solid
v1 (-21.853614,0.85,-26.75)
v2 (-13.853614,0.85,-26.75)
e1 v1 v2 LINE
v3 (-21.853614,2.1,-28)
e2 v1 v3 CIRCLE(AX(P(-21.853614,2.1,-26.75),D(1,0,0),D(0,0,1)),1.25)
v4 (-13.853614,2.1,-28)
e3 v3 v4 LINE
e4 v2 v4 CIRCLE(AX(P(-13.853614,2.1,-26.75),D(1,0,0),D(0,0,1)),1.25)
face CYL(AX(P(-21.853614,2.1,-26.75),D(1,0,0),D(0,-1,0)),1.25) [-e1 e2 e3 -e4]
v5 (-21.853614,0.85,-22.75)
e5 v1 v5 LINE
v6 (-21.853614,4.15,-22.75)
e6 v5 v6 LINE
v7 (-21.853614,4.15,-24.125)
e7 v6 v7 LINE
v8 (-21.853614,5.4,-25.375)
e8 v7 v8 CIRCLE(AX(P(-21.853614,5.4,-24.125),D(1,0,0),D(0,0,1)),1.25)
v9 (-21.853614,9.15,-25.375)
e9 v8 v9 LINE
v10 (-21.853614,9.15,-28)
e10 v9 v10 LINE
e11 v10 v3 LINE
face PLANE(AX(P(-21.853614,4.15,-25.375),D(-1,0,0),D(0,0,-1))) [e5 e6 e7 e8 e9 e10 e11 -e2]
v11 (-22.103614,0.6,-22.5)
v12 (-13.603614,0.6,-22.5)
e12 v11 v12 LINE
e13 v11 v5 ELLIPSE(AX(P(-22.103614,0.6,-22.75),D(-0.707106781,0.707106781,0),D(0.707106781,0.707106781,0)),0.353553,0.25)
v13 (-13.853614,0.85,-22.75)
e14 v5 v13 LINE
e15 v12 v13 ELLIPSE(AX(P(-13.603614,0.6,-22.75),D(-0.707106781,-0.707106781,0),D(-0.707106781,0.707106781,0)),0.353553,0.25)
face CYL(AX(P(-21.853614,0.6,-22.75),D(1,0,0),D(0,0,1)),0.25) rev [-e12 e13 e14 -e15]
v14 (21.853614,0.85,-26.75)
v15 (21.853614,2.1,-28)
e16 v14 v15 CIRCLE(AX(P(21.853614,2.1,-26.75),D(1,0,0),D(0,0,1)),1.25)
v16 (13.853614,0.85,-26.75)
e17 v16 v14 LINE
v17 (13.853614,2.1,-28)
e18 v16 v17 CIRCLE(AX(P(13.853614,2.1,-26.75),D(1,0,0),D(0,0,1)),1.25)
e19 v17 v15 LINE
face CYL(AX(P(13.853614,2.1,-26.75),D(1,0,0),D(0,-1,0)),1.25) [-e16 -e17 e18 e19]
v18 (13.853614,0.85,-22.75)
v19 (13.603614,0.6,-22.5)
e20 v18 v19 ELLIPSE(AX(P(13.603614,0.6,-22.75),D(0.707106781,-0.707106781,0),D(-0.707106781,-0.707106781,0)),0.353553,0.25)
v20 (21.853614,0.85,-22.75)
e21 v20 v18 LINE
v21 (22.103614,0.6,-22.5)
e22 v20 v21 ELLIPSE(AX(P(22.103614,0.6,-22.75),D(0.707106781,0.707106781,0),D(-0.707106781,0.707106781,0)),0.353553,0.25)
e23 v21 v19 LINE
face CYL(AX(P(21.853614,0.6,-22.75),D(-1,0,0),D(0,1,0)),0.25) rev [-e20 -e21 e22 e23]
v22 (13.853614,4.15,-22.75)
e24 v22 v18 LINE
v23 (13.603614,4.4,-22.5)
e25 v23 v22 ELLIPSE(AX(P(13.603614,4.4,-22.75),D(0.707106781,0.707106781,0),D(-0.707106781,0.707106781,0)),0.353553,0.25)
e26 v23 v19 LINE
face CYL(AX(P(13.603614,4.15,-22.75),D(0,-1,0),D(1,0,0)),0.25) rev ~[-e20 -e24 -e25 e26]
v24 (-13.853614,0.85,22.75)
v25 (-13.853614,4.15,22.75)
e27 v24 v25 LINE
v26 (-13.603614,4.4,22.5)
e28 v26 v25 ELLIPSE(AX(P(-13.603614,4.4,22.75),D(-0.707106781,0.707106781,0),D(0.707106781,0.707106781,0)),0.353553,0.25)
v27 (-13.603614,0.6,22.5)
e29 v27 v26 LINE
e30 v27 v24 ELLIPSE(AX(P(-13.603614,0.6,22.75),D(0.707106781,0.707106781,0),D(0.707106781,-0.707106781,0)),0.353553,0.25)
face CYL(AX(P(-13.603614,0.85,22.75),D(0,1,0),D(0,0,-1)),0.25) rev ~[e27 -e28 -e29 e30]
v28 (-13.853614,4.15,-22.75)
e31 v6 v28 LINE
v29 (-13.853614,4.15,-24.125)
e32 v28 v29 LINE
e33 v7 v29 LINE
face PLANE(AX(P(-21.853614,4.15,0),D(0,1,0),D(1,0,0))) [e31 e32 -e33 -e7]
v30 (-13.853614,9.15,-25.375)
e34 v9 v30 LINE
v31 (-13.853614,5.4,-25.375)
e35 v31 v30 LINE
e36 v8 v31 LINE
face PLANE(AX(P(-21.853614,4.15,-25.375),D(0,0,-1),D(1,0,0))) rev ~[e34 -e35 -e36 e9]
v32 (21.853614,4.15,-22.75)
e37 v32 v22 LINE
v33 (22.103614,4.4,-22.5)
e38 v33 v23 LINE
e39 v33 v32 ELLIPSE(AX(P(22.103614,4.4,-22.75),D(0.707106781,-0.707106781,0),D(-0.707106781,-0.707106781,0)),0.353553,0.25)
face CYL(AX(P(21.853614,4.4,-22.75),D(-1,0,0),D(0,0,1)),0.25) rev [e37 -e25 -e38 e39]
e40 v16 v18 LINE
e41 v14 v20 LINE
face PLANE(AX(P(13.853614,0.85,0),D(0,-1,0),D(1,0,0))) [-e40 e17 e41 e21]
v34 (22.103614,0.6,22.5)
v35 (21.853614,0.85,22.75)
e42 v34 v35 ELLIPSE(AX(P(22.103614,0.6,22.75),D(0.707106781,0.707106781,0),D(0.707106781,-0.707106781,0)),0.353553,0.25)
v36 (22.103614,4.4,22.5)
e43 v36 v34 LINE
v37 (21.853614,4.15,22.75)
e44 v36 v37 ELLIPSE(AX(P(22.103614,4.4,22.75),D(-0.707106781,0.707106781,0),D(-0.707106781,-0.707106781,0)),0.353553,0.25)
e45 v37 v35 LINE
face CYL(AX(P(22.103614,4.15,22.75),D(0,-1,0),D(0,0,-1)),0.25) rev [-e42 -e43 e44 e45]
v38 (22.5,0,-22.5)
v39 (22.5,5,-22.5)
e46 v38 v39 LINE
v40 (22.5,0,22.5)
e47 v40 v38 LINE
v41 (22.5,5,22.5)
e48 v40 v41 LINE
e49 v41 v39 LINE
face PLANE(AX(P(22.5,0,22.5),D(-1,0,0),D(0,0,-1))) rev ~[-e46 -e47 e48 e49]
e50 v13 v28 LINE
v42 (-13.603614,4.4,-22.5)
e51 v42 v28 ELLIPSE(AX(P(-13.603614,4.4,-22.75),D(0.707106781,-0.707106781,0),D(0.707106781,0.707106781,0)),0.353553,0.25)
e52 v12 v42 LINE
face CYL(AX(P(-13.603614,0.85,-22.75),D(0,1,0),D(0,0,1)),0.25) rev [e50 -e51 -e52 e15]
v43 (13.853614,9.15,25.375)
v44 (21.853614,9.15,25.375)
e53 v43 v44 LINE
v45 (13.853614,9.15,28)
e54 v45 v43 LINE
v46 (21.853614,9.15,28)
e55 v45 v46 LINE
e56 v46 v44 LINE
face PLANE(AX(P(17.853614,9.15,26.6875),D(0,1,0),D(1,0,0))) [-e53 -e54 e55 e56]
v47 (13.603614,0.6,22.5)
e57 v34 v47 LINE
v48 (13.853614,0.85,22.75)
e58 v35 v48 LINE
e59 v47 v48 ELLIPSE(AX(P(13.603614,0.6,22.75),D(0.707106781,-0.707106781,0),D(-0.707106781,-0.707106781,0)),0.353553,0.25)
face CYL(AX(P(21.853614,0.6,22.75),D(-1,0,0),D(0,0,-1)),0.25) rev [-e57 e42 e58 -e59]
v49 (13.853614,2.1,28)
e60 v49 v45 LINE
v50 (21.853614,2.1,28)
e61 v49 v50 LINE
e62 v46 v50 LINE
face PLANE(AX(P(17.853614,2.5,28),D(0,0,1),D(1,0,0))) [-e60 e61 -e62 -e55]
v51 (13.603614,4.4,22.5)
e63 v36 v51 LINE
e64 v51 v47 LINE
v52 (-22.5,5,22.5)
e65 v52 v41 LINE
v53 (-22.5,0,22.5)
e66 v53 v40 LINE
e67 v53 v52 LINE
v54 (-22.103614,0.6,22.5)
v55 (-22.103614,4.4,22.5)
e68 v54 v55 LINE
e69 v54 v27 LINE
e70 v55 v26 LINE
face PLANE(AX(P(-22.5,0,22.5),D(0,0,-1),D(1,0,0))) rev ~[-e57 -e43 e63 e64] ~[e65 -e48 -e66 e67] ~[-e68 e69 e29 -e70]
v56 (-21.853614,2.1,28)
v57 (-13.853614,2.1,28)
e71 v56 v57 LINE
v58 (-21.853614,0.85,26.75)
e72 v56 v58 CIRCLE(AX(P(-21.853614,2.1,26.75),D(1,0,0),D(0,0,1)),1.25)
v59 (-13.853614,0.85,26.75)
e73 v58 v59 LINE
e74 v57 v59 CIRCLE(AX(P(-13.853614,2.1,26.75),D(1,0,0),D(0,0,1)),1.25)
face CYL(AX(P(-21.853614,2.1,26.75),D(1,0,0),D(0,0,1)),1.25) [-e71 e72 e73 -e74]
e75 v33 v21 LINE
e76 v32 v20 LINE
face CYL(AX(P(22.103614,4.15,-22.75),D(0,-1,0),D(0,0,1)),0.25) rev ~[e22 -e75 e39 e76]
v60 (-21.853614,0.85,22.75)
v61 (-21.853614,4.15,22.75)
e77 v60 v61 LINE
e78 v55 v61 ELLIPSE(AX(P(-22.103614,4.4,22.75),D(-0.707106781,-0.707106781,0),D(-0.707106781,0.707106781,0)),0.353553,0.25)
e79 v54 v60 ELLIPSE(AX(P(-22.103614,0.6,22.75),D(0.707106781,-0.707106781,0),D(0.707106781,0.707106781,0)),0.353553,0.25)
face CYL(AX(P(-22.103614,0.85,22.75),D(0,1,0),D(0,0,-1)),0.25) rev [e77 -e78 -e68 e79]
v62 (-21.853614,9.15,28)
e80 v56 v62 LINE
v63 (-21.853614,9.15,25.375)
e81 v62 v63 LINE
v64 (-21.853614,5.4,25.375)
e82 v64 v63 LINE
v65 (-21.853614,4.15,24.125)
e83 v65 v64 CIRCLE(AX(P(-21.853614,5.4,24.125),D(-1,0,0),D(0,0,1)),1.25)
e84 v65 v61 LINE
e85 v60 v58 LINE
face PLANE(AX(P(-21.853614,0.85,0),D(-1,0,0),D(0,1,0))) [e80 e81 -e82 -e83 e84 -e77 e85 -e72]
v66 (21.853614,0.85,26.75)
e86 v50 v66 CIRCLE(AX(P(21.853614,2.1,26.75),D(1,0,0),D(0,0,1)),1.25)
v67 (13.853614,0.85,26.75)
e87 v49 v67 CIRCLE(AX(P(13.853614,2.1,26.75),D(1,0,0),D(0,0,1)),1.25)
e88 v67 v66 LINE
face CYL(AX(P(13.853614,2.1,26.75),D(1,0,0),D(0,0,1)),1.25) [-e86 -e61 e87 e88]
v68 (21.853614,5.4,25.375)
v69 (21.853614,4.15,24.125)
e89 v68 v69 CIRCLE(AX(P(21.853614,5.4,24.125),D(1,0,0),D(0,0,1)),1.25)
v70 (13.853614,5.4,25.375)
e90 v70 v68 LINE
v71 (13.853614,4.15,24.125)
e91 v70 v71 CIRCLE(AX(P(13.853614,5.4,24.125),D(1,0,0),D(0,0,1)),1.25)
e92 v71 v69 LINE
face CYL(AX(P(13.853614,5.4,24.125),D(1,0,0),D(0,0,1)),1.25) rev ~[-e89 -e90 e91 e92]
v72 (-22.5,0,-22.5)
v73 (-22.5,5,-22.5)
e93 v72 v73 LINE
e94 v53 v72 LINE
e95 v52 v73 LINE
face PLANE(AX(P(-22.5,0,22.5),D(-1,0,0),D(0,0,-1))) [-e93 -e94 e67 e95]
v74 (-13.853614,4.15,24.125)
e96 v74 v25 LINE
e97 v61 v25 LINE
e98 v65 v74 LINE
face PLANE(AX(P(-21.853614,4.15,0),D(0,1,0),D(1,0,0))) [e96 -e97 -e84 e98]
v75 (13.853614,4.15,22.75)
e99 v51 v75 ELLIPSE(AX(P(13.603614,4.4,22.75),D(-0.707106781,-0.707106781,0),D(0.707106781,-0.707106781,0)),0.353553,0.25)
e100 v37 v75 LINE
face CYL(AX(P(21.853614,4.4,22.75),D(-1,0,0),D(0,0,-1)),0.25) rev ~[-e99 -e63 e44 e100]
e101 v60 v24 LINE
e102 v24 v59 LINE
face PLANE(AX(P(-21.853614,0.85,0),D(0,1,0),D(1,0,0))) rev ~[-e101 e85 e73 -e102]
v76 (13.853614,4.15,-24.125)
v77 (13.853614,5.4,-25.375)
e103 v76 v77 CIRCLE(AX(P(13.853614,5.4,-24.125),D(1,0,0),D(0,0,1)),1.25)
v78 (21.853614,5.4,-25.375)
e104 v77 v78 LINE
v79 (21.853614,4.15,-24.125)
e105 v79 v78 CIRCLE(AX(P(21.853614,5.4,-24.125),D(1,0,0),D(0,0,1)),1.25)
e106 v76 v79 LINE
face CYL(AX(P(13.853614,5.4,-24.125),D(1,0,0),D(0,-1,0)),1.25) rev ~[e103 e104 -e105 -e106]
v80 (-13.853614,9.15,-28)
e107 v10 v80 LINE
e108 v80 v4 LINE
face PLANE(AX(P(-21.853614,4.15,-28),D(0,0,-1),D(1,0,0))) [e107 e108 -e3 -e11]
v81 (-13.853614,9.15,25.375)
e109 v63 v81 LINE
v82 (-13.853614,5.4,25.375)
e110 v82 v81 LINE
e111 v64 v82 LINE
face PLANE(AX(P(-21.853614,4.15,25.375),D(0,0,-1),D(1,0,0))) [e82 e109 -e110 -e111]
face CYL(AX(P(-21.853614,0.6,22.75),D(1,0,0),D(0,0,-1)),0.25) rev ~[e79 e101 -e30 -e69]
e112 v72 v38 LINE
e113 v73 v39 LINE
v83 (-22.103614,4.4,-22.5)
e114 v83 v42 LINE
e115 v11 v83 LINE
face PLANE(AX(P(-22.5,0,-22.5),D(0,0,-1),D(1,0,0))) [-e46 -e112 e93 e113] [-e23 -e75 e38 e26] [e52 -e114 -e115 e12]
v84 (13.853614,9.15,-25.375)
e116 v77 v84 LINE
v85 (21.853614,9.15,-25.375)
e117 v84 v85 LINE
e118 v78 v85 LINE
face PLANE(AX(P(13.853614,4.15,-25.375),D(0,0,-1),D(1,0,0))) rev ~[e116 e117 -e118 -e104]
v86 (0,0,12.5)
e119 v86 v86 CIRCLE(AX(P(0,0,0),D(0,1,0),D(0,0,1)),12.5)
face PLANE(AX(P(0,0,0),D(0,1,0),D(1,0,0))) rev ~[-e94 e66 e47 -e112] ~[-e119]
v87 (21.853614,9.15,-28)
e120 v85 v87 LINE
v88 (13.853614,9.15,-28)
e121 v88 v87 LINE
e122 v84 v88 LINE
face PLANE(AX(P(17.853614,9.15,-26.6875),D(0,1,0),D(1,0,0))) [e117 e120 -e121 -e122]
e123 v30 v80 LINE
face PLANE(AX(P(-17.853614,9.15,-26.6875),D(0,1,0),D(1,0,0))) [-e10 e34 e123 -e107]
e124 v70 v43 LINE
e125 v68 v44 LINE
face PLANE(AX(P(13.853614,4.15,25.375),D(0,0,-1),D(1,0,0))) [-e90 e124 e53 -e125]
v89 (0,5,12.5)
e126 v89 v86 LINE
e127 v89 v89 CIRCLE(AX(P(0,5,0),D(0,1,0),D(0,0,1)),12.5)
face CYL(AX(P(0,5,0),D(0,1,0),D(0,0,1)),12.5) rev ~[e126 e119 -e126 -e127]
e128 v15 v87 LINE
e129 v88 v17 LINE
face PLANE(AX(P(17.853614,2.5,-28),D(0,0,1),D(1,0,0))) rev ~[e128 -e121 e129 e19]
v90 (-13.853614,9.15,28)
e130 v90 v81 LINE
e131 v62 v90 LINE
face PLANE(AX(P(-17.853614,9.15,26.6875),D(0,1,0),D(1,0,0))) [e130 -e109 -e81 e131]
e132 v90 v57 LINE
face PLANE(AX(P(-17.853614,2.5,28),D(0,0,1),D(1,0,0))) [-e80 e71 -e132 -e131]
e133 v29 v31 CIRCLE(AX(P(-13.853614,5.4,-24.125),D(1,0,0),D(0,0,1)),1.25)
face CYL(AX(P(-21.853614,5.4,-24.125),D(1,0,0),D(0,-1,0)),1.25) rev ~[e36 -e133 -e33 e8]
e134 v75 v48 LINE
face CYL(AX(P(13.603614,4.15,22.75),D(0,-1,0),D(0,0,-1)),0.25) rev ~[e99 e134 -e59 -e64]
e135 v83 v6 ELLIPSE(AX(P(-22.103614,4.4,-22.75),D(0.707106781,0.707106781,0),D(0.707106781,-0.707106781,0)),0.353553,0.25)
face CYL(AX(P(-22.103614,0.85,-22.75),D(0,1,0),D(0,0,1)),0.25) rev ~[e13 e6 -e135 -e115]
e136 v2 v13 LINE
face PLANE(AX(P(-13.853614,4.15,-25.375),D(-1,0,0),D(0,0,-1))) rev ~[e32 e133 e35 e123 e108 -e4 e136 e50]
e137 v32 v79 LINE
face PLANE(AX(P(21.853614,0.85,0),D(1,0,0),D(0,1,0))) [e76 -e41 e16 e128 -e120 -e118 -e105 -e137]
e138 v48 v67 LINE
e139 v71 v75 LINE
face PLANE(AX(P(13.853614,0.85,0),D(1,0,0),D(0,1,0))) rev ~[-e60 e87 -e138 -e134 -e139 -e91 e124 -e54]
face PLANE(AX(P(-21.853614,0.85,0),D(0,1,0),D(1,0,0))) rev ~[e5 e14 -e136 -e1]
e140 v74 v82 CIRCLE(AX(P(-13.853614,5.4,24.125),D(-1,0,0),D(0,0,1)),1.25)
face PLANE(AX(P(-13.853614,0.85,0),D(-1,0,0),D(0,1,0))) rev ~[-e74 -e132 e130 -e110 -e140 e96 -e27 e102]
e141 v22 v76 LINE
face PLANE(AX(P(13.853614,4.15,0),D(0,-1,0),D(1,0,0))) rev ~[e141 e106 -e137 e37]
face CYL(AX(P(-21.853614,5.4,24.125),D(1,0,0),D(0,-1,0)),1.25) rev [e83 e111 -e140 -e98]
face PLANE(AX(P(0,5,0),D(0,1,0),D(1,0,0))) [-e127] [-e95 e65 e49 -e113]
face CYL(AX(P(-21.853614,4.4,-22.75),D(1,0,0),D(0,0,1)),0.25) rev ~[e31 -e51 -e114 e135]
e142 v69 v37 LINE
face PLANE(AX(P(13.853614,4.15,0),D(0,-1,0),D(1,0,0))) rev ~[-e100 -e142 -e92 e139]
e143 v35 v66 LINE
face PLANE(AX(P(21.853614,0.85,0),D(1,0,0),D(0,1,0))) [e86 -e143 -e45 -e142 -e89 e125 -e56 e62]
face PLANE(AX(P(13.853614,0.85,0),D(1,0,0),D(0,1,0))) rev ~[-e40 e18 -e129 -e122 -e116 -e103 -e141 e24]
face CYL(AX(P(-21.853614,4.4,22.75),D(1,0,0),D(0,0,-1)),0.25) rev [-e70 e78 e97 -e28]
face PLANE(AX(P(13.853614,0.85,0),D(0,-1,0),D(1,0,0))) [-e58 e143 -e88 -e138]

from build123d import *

# Parameters (mm, degrees)
SKETCH2_W           = 45
SKETCH2_H           = 45
BOSS_EXTRUDE1_DEPTH = 5
SKETCH3_W           = 8
SKETCH3_H           = 3.3
BOSS_EXTRUDE2_DEPTH = 28
FILLET1_R           = 0.25
SKETCH4_W           = 8
SKETCH4_H           = 2.625
BOSS_EXTRUDE3_DEPTH = 5
FILLET2_R           = 1.25
SKETCH6_R           = 12.5
CUT_EXTRUDE1_DEPTH  = 19


with BuildPart() as part:
    # Sketch2 → Boss-Extrude1 (new body)
    with BuildSketch(Plane(origin=(0, 0, 0), x_dir=(1, 0, 0), z_dir=(0, 1, 0))):
        Rectangle(SKETCH2_W, SKETCH2_H)
    extrude(amount=BOSS_EXTRUDE1_DEPTH)

    # Sketch3 → Boss-Extrude2 (add, symmetric)
    with BuildSketch(Plane.XY):
        with Locations((-17.853613933, 2.5)):
            Rectangle(SKETCH3_W, SKETCH3_H)
        with Locations((17.853613933, 2.5)):
            Rectangle(SKETCH3_W, SKETCH3_H)
    extrude(amount=BOSS_EXTRUDE2_DEPTH, both=True)

    # Fillet1
    fillet1_edges = [part.edges().sort_by_distance(p)[0] for p in [
        (21.853613933, 2.5, 22.5),
        (17.853613933, 0.85, 22.5),
        (13.853613933, 2.5, 22.5),
        (17.853613933, 4.15, 22.5),
        (-17.853613933, 0.85, 22.5),
        (-21.853613933, 2.5, 22.5),
        (-17.853613933, 4.15, 22.5),
        (-13.853613933, 2.5, 22.5),
        (-13.853613933, 2.5, -22.5),
        (-17.853613933, 4.15, -22.5),
        (-21.853613933, 2.5, -22.5),
        (-17.853613933, 0.85, -22.5),
        (17.853613933, 4.15, -22.5),
        (13.853613933, 2.5, -22.5),
        (17.853613933, 0.85, -22.5),
        (21.853613933, 2.5, -22.5),
    ]]
    fillet(fillet1_edges, radius=FILLET1_R)

    # Sketch4 → Boss-Extrude3 (add)
    with BuildSketch(Plane(origin=(0, 4.15, 0), x_dir=(1, 0, 0), z_dir=(0, 1, 0))):
        with Locations((-17.853613933, 26.6875)):
            Rectangle(SKETCH4_W, SKETCH4_H)
        with Locations((17.853613933, 26.6875)):
            Rectangle(SKETCH4_W, SKETCH4_H)
        with Locations((17.853613933, -26.6875)):
            Rectangle(SKETCH4_W, SKETCH4_H)
        with Locations((-17.853613933, -26.6875)):
            Rectangle(SKETCH4_W, SKETCH4_H)
    extrude(amount=BOSS_EXTRUDE3_DEPTH)

    # Fillet2
    fillet2_edges = [part.edges().sort_by_distance(p)[0] for p in [
        (-17.853613933, 4.15, 25.375),
        (17.853613933, 4.15, 25.375),
        (17.853613933, 4.15, -25.375),
        (-17.853613933, 4.15, -25.375),
        (-17.853613933, 0.85, -28),
        (-17.853613933, 0.85, 28),
        (17.853613933, 0.85, -28),
        (17.853613933, 0.85, 28),
    ]]
    fillet(fillet2_edges, radius=FILLET2_R)

    # Sketch6 → Cut-Extrude1 (cut)
    with BuildSketch(Plane(origin=(0, 5, 0), x_dir=(1, 0, 0), z_dir=(0, 1, 0))):
        with Locations(Location((0, 0, 0), (0, 0, 270))):
            Circle(SKETCH6_R)
    extrude(amount=-CUT_EXTRUDE1_DEPTH, mode=Mode.SUBTRACT)


solid = part.part
